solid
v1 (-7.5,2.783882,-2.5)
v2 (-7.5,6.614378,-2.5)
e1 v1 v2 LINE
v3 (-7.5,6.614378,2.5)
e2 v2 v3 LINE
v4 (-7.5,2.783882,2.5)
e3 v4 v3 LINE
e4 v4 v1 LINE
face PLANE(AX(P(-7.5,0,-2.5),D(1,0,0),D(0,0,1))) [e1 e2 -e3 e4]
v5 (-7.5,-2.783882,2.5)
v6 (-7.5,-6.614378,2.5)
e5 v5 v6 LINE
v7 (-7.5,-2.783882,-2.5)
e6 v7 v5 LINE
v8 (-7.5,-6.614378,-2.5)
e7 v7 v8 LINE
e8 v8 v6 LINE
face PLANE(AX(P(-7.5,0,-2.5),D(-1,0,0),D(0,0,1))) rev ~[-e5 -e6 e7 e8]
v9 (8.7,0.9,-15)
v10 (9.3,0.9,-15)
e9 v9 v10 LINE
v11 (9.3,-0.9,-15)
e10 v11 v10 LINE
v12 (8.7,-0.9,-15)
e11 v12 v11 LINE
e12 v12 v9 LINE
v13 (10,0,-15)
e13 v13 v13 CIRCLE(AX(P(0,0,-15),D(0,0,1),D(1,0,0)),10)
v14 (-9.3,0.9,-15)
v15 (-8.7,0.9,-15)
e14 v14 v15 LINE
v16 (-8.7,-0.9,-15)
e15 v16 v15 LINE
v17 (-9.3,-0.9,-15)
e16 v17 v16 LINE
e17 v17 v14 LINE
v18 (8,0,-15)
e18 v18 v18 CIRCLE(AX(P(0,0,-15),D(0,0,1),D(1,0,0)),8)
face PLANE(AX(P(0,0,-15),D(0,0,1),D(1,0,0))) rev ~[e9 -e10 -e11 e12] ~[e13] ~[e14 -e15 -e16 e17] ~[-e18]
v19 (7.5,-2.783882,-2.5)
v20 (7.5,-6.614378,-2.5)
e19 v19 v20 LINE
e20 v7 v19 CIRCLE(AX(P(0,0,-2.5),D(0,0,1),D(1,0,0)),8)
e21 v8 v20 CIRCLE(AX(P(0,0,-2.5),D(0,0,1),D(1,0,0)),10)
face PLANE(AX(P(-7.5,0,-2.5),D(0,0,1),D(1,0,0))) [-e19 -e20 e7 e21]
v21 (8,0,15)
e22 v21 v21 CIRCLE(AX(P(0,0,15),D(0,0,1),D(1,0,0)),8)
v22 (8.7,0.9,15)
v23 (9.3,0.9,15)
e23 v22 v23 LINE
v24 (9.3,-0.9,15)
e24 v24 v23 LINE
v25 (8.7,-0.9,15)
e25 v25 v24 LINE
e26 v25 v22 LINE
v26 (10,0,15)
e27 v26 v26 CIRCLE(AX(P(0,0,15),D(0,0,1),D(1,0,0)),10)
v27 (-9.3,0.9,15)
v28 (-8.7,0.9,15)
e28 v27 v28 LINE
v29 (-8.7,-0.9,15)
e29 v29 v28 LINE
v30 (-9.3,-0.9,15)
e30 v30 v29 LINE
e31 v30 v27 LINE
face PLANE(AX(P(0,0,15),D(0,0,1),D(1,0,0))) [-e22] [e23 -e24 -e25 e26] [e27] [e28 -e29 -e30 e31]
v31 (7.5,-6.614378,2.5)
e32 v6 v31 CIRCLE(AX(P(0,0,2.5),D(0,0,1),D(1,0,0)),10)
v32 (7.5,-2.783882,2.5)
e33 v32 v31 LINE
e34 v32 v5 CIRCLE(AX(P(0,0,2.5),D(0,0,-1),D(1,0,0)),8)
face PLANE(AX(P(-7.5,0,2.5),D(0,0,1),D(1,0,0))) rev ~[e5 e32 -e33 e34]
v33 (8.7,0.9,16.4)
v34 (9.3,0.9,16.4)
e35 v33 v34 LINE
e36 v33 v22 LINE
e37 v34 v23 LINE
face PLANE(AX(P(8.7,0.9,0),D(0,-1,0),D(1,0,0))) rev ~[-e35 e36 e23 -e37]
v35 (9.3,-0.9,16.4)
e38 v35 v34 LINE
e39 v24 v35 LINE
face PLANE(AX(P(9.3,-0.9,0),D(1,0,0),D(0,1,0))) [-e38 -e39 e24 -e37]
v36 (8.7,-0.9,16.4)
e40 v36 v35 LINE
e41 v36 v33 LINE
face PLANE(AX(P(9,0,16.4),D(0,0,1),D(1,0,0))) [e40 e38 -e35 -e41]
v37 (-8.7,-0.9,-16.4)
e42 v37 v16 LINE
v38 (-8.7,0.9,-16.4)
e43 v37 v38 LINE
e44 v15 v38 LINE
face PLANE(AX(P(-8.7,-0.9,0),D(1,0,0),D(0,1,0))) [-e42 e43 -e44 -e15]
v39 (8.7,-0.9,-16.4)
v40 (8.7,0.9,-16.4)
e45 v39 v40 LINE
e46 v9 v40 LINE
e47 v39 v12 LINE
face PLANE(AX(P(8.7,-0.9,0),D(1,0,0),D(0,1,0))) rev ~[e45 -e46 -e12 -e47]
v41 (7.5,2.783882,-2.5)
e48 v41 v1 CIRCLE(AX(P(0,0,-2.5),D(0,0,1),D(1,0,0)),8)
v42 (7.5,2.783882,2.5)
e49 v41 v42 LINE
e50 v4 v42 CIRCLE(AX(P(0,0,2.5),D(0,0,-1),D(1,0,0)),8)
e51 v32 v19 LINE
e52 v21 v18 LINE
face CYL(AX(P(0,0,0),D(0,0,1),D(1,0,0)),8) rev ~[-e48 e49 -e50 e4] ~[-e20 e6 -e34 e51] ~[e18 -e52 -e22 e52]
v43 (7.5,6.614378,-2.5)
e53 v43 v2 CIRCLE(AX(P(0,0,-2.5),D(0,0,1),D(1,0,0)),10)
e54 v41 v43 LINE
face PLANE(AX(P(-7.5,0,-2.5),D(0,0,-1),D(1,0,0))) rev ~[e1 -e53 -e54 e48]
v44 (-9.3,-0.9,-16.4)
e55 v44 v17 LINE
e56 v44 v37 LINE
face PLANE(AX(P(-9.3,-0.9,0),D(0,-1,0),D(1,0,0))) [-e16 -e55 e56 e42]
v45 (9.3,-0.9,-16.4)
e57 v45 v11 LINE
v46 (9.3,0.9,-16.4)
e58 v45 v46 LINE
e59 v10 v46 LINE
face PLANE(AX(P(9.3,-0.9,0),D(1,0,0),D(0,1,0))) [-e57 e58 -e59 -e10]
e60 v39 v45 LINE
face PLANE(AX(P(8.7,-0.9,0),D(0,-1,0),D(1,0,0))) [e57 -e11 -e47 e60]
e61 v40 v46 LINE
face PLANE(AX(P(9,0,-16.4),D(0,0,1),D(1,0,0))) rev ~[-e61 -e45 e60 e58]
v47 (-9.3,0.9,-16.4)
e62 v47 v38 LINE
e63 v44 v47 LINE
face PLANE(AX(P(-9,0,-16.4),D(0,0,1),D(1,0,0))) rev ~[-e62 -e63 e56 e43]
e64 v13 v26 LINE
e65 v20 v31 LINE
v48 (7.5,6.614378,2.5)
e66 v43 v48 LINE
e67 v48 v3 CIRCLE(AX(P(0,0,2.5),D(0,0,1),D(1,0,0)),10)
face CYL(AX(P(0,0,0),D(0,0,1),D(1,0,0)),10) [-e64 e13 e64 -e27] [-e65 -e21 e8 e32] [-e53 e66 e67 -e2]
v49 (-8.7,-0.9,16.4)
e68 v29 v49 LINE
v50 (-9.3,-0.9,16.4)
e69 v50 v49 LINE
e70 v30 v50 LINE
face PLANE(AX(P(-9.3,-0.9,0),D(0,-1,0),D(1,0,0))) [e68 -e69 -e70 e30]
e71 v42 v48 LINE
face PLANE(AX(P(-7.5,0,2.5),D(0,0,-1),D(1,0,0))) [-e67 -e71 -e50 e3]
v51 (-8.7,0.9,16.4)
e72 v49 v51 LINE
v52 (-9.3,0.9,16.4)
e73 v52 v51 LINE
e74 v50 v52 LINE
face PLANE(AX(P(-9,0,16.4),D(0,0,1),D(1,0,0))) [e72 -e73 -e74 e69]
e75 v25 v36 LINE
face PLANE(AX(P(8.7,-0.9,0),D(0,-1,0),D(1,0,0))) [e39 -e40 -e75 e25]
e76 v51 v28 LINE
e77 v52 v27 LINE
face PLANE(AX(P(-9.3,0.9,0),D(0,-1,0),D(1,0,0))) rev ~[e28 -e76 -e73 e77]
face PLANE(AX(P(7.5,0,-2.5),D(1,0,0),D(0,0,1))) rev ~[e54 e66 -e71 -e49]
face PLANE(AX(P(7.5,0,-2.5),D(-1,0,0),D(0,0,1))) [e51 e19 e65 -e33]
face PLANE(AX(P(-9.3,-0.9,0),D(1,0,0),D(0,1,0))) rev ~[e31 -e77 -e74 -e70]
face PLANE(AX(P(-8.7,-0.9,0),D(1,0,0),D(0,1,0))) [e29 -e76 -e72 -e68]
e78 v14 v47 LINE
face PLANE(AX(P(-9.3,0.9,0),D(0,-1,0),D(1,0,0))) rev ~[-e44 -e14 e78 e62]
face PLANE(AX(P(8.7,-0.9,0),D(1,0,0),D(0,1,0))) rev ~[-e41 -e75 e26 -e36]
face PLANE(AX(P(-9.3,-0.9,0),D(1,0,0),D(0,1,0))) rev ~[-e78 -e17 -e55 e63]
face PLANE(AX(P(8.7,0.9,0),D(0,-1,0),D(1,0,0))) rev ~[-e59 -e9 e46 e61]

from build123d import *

# Parameters (mm, degrees)
F0_W          = 0.6
F0_H          = 1.8
F1_DEPTH      = 16.4
F1_DEPTH_BACK = 16.4
F0_R          = 10
F0_R_2        = 8
F2_DEPTH      = 15
F2_DEPTH_BACK = 15
F3_W          = 15
F3_H          = 5
F4_DEPTH      = 20
F4_DEPTH_BACK = 20


with BuildPart() as f1:
    # F0 (on Top) → F1 (new body, two sides)
    with BuildSketch(Plane.XY) as f1_sk:
        with Locations((-9, 0)):
            Rectangle(F0_W, F0_H)
    extrude(amount=F1_DEPTH)
    extrude(f1_sk.sketch, amount=-F1_DEPTH_BACK)



with BuildPart() as f1b:
    # F0 (on Top) → F1, piece 2 (new body, two sides)
    with BuildSketch(Plane.XY) as f1_2_sk:
        with Locations((9, 0)):
            Rectangle(F0_W, F0_H)
    extrude(amount=F1_DEPTH)
    extrude(f1_2_sk.sketch, amount=-F1_DEPTH_BACK)


with BuildPart() as f1_1:
    add(f1.part)

    add(f1b.part)  # F2 merges F1b
    # F0 (on Top) → F2 (join, two sides)
    with BuildSketch(Plane.XY) as f2_sk:
        Circle(F0_R)
        with Locations((-9, 0)):
            Rectangle(F0_W, F0_H, mode=Mode.SUBTRACT)
        Circle(F0_R_2, mode=Mode.SUBTRACT)
        with Locations((9, 0)):
            Rectangle(F0_W, F0_H, mode=Mode.SUBTRACT)
    extrude(amount=F2_DEPTH)
    extrude(f2_sk.sketch, amount=-F2_DEPTH_BACK)

    # F3 (on Front) → F4 (cut, two sides)
    with BuildSketch(Plane.XZ) as f4_sk:
        Rectangle(F3_W, F3_H)
    extrude(amount=-F4_DEPTH, mode=Mode.SUBTRACT)
    extrude(f4_sk.sketch, amount=F4_DEPTH_BACK, mode=Mode.SUBTRACT)


solid = f1_1.part
